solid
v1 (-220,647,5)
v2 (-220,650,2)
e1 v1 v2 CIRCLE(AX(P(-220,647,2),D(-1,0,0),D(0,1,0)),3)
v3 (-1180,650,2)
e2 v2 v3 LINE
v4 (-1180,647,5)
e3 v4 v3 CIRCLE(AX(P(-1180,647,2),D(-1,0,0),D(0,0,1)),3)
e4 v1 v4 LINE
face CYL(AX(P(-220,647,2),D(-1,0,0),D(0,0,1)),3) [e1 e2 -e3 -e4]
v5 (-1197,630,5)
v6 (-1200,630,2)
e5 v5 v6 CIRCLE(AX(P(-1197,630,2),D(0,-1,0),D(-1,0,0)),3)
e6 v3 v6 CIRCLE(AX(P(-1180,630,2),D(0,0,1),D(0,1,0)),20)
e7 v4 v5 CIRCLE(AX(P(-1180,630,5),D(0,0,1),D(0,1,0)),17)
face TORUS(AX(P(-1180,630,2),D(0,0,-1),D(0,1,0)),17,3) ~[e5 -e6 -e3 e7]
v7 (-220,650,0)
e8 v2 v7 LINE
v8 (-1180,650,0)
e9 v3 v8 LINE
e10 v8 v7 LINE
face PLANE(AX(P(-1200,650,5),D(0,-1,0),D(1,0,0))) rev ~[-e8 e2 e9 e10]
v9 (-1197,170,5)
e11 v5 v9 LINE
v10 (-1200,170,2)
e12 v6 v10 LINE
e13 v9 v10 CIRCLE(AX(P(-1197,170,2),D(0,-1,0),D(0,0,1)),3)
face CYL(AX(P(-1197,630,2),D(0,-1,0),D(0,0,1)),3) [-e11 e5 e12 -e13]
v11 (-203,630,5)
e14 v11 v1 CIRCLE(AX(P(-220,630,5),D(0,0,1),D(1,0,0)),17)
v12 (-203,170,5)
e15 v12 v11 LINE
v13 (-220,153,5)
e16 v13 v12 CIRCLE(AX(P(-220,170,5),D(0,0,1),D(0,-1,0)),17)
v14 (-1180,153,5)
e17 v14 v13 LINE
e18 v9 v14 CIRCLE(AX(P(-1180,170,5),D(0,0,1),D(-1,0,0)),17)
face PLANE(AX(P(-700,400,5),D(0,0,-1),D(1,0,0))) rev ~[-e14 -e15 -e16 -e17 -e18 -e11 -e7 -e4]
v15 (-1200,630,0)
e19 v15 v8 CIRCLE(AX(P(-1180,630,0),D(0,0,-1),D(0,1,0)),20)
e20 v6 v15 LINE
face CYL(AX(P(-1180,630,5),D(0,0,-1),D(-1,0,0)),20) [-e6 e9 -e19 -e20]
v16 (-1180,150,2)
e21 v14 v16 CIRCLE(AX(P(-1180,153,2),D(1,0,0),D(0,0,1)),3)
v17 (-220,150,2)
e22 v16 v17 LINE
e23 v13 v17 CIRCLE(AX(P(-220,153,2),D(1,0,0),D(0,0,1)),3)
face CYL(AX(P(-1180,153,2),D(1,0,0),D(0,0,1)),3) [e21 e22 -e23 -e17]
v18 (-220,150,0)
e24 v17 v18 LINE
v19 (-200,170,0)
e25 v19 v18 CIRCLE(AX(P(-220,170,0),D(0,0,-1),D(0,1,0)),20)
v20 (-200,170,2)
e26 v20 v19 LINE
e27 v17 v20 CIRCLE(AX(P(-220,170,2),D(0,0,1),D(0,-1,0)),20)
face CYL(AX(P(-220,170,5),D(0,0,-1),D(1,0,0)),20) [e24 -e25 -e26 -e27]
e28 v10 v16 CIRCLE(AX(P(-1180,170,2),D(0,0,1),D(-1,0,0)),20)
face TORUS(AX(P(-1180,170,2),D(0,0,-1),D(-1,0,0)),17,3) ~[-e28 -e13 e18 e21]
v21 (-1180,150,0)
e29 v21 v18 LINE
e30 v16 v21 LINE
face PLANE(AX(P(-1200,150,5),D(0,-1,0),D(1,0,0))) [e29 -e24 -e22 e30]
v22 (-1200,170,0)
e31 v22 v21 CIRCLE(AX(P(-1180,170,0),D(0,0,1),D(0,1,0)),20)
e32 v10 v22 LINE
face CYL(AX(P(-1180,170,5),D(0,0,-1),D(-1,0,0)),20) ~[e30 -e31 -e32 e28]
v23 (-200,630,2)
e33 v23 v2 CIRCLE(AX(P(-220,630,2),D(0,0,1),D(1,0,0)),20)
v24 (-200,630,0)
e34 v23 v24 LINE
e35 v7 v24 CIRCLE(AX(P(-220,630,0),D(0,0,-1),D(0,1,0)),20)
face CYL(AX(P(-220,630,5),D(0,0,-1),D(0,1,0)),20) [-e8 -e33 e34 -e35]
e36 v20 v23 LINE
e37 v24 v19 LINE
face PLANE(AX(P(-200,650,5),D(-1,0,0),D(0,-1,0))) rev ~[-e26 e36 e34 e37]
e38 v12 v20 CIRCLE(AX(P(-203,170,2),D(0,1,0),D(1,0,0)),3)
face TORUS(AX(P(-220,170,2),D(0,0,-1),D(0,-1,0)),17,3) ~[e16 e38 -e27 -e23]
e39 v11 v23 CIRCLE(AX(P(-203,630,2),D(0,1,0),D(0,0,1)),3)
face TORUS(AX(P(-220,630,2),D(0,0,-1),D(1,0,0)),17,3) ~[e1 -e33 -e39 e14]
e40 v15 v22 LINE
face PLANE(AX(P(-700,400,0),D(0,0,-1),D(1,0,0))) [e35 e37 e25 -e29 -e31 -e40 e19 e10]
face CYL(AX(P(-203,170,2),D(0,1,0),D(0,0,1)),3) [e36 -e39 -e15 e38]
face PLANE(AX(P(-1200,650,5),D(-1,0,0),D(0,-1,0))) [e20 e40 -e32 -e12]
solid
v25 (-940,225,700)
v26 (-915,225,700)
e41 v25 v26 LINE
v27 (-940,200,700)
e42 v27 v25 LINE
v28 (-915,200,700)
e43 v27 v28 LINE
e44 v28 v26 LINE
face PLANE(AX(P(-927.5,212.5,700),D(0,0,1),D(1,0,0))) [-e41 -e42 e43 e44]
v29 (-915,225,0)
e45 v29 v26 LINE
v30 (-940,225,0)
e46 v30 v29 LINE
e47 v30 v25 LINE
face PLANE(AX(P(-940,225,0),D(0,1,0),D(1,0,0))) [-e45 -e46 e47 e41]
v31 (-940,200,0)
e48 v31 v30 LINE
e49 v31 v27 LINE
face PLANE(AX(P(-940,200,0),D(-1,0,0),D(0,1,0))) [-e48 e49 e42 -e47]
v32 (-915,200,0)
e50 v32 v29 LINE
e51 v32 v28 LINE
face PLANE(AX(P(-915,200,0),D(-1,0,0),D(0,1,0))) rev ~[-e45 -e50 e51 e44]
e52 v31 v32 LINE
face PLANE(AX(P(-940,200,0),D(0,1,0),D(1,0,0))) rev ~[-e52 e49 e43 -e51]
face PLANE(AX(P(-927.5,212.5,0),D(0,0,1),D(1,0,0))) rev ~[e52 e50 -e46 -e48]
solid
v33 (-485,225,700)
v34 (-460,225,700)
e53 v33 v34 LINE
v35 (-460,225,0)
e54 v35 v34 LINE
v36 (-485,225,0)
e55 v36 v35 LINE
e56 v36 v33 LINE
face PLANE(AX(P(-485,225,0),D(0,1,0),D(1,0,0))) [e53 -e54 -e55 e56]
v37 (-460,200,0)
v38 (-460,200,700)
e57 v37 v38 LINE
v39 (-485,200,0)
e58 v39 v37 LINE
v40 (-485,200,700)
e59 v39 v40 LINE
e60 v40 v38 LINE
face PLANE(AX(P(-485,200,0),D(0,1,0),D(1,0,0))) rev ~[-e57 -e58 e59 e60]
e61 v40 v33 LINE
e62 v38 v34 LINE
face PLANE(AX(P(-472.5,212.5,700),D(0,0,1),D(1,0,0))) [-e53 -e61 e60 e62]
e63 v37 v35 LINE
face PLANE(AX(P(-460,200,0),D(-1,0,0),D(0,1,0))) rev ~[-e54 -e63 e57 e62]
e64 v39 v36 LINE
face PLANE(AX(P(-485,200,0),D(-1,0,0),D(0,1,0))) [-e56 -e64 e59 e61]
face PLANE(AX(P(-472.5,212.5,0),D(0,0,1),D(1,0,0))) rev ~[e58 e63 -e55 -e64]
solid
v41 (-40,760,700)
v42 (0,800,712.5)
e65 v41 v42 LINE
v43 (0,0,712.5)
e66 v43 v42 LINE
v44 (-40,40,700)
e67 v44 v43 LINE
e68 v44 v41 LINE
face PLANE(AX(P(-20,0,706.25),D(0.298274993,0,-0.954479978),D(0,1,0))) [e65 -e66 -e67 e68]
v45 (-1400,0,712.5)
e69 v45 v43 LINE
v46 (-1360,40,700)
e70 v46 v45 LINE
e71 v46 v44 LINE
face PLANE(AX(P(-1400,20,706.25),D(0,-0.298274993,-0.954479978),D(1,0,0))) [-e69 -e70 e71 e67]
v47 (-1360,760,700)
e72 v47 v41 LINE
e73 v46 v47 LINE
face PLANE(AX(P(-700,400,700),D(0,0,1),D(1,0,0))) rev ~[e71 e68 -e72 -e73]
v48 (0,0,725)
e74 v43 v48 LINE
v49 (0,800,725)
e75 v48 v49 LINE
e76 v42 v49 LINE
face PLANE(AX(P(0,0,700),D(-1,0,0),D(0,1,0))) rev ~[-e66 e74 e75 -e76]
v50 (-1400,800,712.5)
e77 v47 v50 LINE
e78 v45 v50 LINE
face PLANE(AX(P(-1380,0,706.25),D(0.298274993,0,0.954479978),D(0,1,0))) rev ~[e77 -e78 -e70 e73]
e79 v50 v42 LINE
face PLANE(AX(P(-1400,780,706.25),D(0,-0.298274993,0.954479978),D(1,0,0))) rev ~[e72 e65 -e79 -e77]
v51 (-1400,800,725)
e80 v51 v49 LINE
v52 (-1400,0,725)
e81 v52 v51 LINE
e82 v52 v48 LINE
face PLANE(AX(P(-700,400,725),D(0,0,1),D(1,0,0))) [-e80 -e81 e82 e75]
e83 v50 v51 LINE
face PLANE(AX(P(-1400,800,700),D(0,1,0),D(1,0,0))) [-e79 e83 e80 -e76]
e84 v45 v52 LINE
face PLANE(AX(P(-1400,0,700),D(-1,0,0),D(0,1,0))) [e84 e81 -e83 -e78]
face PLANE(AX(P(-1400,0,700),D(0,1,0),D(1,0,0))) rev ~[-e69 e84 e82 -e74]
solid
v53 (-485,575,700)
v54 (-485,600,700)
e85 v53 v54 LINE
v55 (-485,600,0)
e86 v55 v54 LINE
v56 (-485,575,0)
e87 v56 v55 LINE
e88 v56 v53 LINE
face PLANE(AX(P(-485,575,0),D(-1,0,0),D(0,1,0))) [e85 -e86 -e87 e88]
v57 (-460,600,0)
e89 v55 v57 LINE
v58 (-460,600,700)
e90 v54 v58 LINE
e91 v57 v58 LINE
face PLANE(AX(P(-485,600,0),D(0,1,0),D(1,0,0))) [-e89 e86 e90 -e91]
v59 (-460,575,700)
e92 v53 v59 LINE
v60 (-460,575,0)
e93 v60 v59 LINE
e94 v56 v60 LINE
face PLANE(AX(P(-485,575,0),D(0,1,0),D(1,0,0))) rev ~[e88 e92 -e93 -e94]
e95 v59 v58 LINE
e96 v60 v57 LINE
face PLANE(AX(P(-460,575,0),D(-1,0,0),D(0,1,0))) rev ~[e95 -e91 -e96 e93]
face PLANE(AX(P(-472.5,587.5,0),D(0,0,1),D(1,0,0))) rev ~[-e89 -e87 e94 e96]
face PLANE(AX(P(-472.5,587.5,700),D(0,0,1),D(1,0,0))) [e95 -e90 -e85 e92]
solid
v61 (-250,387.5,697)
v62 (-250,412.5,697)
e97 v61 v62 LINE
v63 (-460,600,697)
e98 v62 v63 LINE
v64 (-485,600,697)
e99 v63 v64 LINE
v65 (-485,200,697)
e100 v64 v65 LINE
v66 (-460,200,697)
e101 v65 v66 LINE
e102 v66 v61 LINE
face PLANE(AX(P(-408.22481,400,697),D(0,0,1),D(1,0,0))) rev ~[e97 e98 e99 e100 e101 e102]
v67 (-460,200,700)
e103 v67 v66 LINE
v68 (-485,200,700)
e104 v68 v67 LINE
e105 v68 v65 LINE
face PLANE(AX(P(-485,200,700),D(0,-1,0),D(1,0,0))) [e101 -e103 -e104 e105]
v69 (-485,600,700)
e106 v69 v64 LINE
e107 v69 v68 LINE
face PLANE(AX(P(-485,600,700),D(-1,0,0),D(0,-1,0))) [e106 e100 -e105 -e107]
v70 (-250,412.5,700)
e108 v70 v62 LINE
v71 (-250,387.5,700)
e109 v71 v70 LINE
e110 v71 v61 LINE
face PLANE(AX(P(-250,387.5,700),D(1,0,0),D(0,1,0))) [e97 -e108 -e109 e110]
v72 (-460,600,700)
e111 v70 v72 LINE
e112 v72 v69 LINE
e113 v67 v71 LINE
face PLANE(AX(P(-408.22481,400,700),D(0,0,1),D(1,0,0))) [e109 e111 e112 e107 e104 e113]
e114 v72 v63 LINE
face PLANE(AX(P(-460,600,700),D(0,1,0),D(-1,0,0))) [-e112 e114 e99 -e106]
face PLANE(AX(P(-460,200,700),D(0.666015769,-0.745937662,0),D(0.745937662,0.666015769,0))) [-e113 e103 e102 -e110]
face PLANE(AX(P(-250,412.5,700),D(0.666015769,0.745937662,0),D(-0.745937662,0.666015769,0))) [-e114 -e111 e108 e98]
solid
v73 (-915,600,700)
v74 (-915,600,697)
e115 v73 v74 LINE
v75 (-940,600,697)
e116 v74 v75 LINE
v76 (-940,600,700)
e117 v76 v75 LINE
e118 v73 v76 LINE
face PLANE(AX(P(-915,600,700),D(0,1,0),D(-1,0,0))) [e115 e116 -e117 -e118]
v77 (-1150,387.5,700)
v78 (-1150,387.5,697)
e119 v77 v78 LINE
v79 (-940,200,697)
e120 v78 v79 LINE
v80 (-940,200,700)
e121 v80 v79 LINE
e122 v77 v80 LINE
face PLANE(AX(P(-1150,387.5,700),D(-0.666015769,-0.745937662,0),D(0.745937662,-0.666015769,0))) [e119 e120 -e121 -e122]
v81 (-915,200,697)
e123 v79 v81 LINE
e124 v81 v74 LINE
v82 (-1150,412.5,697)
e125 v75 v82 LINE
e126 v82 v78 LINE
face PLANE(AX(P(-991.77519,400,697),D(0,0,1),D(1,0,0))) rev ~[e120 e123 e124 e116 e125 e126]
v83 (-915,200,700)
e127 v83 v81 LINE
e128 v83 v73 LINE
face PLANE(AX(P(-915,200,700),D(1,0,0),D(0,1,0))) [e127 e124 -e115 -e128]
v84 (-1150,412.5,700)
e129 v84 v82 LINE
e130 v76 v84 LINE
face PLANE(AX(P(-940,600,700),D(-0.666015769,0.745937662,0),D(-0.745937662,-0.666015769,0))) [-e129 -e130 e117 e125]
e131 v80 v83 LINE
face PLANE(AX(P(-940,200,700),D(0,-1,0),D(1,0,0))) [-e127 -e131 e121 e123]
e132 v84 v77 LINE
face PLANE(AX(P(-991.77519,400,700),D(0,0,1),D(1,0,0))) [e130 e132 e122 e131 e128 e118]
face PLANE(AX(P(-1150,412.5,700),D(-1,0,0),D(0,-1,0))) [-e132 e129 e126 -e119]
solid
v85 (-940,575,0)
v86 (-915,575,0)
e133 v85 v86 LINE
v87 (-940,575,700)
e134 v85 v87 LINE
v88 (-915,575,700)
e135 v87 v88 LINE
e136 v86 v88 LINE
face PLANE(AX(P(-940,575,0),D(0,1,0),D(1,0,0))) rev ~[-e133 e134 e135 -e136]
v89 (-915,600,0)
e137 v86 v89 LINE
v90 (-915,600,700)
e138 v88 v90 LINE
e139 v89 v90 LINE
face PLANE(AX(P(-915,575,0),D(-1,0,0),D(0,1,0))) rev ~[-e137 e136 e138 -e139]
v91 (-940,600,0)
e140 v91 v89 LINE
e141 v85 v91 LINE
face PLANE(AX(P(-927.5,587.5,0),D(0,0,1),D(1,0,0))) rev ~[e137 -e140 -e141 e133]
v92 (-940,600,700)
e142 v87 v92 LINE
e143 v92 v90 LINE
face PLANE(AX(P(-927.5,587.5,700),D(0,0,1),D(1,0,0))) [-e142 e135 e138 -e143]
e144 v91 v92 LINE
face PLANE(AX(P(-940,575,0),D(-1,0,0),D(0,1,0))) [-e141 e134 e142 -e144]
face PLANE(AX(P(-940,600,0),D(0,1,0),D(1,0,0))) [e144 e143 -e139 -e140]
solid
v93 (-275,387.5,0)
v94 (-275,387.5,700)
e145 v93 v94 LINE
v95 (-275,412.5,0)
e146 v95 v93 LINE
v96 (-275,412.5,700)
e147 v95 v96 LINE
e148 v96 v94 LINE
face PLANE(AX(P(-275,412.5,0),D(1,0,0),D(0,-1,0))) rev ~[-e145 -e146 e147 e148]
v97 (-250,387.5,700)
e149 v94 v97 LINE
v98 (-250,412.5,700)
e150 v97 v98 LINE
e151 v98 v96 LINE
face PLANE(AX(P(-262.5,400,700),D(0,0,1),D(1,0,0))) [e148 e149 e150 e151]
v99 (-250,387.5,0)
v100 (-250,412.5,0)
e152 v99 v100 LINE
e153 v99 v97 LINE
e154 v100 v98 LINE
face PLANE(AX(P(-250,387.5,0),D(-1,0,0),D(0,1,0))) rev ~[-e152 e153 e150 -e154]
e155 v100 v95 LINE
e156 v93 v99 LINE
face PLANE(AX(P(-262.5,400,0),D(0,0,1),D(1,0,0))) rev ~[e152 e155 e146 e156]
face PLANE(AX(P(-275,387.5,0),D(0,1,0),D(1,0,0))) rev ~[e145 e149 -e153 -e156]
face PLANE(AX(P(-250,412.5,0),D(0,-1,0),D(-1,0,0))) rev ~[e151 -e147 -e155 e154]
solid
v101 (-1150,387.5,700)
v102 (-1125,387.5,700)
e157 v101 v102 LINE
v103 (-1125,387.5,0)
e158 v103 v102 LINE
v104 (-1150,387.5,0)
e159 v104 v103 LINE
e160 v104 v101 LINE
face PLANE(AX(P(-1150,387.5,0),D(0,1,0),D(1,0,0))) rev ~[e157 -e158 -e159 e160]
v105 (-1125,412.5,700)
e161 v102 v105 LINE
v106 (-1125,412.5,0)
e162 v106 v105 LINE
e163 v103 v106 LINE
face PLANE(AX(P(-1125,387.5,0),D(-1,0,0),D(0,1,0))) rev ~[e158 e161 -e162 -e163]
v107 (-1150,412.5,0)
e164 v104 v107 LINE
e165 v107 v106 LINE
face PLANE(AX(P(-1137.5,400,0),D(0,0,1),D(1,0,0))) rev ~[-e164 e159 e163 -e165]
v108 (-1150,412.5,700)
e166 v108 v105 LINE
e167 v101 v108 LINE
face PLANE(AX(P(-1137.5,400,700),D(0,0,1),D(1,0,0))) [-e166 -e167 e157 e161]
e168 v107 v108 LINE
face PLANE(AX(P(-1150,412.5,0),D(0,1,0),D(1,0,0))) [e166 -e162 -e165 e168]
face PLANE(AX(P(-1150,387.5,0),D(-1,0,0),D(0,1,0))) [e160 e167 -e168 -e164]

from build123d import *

# Parameters (mm, degrees)
F0_W      = 25
F0_H      = 25
F1_DEPTH  = 700
F4_DEPTH  = 3
F6_W      = 1400
F6_H      = 800
F7_DEPTH  = 25
F8_SIZE2  = 12.5
F8_SIZE   = 40
F10_W     = 1000
F10_H     = 500
F11_DEPTH = 5
F12_R     = 20
F13_R     = 3


with BuildPart() as f1:
    # F0 (on Top) → F1 (new body)
    with BuildSketch(Plane.XY):
        with Locations((-472.5, 587.5)):
            Rectangle(F0_W, F0_H)
    extrude(amount=F1_DEPTH)


with BuildPart() as f1b:
    # F0 (on Top) → F1, piece 2 (new body)
    with BuildSketch(Plane.XY):
        Polygon((-250, 387.5), (-250, 400), (-250, 412.5), (-275, 412.5), (-275, 387.5), align=None)
    extrude(amount=F1_DEPTH)


with BuildPart() as f1c:
    # F0 (on Top) → F1, piece 3 (new body)
    with BuildSketch(Plane.XY):
        with Locations((-472.5, 212.5)):
            Rectangle(F0_W, F0_H)
    extrude(amount=F1_DEPTH)


with BuildPart() as f1d:
    # F0 (on Top) → F1, piece 4 (new body)
    with BuildSketch(Plane.XY):
        with Locations((-927.5, 587.5)):
            Rectangle(F0_W, F0_H)
    extrude(amount=F1_DEPTH)


with BuildPart() as f1e:
    # F0 (on Top) → F1, piece 5 (new body)
    with BuildSketch(Plane.XY):
        with Locations((-927.5, 212.5)):
            Rectangle(F0_W, F0_H)
    extrude(amount=F1_DEPTH)


with BuildPart() as f1f:
    # F0 (on Top) → F1, piece 6 (new body)
    with BuildSketch(Plane.XY):
        with Locations((-1137.5, 400)):
            Rectangle(F0_W, F0_H)
    extrude(amount=F1_DEPTH)


with BuildPart() as f4:
    # F3 (on offset) → F4 (new body)
    with BuildSketch(Plane.XY.offset(700)):
        Polygon((-250, 387.5), (-250, 400), (-250, 412.5), (-460, 600), (-485, 600), (-485, 400), (-485, 200), (-460, 200), align=None)
    extrude(amount=-F4_DEPTH)


with BuildPart() as f4b:
    # F3 (on offset) → F4, piece 2 (new body)
    with BuildSketch(Plane.XY.offset(700)):
        Polygon((-915, 600), (-940, 600), (-1150, 412.5), (-1150, 400), (-1150, 387.5), (-940, 200), (-915, 200), (-915, 400), align=None)
    extrude(amount=-F4_DEPTH)


with BuildPart() as f7:
    # F6 (on offset) → F7 (new body)
    with BuildSketch(Plane.XY.offset(700)):
        with Locations((-700, 400)):
            Rectangle(F6_W, F6_H)
    extrude(amount=F7_DEPTH)

    # F8
    f8_edges = [f7.edges().sort_by_distance(p)[0] for p in [
        (-700, 0, 700),
        (0, 400, 700),
        (-700, 800, 700),
        (-1400, 400, 700),
    ]]
    f8_side = f7.faces().sort_by_distance((-700, 400, 700))[0]
    chamfer(f8_edges, length=F8_SIZE, length2=F8_SIZE2, reference=f8_side)


with BuildPart() as f11:
    # F10 (on offset) → F11 (new body)
    with BuildSketch(Plane(origin=(0, 0, 5), x_dir=(1, 0, 0), z_dir=(0, 0, -1))):
        with Locations((-700, -400)):
            Rectangle(F10_W, F10_H)
    extrude(amount=F11_DEPTH)

    # F12
    f12_edges = [f11.edges().sort_by_distance(p)[0] for p in [
        (-1200, 150, 2.5),
        (-1200, 650, 2.5),
        (-200, 150, 2.5),
        (-200, 650, 2.5),
    ]]
    fillet(f12_edges, radius=F12_R)

    # F13
    f13_edges = [f11.edges().sort_by_distance(p)[0] for p in [
        (-700, 150, 5),
        (-200, 400, 5),
        (-205.857864, 644.142136, 5),
        (-700, 650, 5),
        (-1194.142136, 644.142136, 5),
        (-1200, 400, 5),
        (-1194.142136, 155.857864, 5),
    ]]
    fillet(f13_edges, radius=F13_R)


solid = Compound([f1.part, f1b.part, f1c.part, f1d.part, f1e.part, f1f.part, f4.part, f4b.part, f7.part, f11.part])
